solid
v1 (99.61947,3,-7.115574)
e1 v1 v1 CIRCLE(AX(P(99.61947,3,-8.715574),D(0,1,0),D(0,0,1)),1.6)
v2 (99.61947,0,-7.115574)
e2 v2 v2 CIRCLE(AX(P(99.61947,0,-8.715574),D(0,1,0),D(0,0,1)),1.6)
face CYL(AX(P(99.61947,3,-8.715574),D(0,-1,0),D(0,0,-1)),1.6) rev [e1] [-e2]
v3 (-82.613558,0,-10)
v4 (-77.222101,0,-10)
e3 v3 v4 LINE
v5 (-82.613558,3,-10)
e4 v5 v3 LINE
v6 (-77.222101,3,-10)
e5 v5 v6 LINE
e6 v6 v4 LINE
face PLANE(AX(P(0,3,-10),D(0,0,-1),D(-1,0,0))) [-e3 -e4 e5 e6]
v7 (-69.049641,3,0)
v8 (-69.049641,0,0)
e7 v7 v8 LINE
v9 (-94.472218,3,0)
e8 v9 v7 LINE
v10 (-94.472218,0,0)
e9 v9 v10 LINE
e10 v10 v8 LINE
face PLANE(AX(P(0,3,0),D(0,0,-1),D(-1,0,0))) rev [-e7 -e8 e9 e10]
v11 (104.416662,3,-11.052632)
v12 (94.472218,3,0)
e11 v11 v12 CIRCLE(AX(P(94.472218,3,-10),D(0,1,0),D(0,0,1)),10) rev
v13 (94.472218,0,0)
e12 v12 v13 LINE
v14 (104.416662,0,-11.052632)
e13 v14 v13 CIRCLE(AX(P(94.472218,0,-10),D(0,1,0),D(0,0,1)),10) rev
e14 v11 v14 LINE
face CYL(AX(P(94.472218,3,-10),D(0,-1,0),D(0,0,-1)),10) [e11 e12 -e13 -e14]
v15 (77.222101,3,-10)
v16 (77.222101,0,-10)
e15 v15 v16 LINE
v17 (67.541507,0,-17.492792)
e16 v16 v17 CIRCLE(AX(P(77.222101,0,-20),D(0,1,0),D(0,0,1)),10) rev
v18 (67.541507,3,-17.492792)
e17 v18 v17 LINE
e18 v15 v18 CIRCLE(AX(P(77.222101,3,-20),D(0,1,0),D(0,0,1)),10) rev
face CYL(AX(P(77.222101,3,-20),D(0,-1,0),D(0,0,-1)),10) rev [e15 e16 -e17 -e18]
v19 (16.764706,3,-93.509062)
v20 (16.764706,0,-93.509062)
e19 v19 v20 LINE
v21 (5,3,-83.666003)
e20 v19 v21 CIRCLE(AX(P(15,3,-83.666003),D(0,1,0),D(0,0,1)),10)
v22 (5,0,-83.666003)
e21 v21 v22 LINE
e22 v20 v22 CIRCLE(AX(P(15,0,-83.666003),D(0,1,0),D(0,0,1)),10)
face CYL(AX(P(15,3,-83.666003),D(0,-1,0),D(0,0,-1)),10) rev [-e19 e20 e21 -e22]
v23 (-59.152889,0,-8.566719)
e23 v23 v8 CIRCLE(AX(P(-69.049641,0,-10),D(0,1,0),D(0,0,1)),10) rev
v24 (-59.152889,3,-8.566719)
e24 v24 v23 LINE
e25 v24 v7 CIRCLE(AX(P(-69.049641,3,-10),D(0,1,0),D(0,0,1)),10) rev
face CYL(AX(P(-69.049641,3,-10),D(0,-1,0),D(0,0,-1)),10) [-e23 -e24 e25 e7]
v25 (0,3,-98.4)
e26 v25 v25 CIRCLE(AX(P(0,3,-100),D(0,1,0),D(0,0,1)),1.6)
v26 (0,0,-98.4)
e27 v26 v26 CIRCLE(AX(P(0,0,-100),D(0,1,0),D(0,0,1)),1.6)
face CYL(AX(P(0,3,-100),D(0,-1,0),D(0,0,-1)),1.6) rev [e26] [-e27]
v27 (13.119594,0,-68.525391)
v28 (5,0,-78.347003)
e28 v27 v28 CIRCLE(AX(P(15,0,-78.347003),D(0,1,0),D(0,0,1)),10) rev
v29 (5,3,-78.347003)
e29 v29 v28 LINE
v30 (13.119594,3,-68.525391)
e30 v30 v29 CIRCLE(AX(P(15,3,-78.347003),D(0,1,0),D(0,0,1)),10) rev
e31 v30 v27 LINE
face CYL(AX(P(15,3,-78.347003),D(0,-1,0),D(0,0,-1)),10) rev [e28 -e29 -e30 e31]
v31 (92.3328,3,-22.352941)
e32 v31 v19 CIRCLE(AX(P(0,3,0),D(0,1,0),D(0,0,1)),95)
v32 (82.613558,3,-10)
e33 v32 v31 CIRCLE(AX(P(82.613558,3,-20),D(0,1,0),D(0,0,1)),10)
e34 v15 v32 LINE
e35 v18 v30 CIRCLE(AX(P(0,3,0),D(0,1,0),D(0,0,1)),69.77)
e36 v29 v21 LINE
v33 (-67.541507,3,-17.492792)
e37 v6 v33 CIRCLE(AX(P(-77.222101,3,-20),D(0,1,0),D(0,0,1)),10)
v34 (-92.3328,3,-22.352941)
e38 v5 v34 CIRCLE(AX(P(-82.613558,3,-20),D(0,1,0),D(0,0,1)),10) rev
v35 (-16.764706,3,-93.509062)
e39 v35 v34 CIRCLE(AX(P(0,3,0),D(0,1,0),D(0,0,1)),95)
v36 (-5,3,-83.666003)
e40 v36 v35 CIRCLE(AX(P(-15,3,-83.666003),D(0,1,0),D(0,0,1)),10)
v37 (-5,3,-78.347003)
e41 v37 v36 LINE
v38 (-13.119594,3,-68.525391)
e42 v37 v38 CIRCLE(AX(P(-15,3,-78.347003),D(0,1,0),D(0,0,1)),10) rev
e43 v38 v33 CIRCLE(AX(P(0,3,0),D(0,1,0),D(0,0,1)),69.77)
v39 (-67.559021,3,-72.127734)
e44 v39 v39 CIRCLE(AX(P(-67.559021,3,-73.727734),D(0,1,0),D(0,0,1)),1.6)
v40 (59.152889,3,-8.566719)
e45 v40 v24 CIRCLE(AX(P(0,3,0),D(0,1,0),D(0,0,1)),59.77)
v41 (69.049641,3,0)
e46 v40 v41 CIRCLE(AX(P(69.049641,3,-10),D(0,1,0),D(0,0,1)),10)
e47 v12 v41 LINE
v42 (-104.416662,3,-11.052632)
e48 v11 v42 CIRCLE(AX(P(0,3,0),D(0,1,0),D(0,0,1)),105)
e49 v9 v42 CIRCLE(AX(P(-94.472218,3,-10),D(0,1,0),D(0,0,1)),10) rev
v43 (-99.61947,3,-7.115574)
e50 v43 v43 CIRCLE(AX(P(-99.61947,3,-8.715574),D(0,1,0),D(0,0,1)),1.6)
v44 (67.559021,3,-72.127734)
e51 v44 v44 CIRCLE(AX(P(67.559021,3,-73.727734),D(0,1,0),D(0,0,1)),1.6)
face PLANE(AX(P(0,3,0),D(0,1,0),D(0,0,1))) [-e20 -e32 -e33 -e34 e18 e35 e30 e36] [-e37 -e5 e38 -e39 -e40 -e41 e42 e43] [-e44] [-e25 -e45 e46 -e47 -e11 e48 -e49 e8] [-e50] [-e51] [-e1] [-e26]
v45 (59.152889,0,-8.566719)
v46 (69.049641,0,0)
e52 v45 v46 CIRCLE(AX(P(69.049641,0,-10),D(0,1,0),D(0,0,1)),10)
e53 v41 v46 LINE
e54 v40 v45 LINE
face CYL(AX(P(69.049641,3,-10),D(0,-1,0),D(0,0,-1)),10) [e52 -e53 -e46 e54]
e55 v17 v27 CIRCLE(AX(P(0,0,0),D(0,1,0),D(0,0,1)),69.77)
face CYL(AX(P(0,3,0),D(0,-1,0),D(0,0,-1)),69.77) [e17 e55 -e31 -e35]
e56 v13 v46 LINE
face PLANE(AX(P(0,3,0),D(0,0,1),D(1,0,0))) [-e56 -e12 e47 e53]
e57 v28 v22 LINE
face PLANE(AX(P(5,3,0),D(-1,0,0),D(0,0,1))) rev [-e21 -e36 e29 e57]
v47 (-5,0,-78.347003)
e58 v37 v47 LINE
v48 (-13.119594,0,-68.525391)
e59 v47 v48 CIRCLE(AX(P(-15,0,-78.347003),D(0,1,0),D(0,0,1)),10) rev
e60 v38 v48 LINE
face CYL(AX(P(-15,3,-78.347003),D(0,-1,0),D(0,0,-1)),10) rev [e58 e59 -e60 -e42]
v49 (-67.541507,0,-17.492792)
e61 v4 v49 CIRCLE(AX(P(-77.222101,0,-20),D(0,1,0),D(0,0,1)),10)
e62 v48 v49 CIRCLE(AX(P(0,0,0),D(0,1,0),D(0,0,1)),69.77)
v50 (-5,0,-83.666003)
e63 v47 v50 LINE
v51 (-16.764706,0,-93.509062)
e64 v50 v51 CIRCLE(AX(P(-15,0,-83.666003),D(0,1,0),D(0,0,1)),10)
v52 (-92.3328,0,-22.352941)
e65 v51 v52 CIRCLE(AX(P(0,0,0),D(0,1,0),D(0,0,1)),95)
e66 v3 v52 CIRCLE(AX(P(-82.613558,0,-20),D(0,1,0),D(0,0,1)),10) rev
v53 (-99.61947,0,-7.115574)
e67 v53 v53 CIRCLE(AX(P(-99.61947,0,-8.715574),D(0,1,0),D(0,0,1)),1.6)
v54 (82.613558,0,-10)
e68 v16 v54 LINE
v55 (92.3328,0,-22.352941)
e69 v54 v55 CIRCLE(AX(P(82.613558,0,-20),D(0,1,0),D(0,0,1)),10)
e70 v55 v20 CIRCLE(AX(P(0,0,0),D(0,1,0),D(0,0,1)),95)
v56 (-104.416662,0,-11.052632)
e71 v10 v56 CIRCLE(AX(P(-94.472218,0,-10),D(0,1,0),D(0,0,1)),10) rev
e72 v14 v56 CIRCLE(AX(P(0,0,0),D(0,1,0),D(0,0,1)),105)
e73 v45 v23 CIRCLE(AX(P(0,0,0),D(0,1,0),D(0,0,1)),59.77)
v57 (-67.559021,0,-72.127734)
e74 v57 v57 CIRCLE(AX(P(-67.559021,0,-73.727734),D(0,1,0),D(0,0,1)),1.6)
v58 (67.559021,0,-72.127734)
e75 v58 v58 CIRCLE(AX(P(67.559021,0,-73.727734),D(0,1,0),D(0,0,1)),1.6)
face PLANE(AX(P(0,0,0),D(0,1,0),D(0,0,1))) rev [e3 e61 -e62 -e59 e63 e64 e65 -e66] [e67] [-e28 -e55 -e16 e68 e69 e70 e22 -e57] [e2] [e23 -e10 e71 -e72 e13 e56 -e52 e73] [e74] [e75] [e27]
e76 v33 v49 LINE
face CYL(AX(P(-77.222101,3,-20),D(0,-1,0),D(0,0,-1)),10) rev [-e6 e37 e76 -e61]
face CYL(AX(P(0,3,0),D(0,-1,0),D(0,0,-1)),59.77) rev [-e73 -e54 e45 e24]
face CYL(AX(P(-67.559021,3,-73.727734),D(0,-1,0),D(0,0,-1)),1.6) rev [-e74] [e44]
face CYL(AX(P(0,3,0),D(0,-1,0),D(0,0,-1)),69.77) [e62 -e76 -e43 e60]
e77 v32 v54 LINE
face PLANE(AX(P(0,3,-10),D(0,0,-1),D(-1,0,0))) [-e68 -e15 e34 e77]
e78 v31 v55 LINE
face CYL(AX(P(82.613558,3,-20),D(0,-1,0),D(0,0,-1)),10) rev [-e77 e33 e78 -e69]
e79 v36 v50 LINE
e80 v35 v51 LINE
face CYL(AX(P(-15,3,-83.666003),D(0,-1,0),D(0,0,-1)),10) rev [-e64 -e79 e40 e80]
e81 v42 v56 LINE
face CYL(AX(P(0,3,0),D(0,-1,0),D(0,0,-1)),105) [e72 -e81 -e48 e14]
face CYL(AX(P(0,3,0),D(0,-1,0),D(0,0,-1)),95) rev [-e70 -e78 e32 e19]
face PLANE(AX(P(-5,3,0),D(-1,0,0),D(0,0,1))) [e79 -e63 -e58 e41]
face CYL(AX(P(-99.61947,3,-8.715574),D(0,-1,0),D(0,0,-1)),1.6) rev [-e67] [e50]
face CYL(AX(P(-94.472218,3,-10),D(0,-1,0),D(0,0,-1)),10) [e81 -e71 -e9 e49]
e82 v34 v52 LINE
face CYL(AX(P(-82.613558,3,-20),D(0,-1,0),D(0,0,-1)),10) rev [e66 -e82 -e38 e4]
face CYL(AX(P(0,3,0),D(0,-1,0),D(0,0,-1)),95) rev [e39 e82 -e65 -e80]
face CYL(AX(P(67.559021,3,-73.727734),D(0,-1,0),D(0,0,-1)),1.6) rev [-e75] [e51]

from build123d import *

# Parameters (mm, degrees)
SKETCH_2_R      = 1.6
EXTRUDE_1_DEPTH = 3


with BuildPart() as part:
    # 草图2 → 凸台-拉伸1 (new body)
    with BuildSketch(Plane(origin=(0, 0, 0), x_dir=(1, 0, 0), z_dir=(0, 1, 0))):
        with BuildLine():
            Line((-94.472218138, 0), (-69.049640839, 0))
            ThreePointArc((-69.049640839, 0), (-62.504902792, 2.439153229), (-59.152888533, 8.56671922))
            ThreePointArc((-59.152888533, 8.56671922), (0, 59.77), (59.152888533, 8.56671922))
            ThreePointArc((59.152888533, 8.56671922), (62.504902792, 2.439153229), (69.049640839, 0))
            Line((69.049640839, 0), (94.472218138, 0))
            ThreePointArc((94.472218138, 0), (101.906137555, 3.311439459), (104.416662153, 11.052631579))
            ThreePointArc((104.416662153, 11.052631579), (0, 105), (-104.416662153, 11.052631579))
            ThreePointArc((-104.416662153, 11.052631579), (-101.906137555, 3.311439459), (-94.472218138, 0))
        make_face()
        with Locations(Location((0, 100, 0), (0, 0, 270))):
            Circle(SKETCH_2_R, mode=Mode.SUBTRACT)
        with Locations(Location((67.559020762, 73.727733681, 0), (0, 0, 270))):
            Circle(SKETCH_2_R, mode=Mode.SUBTRACT)
        with Locations(Location((99.619469809, 8.715574275, 0), (0, 0, 270))):
            Circle(SKETCH_2_R, mode=Mode.SUBTRACT)
        with Locations(Location((-67.559020762, 73.727733681, 0), (0, 0, 270))):
            Circle(SKETCH_2_R, mode=Mode.SUBTRACT)
        with Locations(Location((-99.619469809, 8.715574275, 0), (0, 0, 270))):
            Circle(SKETCH_2_R, mode=Mode.SUBTRACT)
        with BuildLine():
            Line((-82.613558209, 10), (-77.222101111, 10))
            ThreePointArc((-77.222101111, 10), (-71.101320206, 12.092026738), (-67.541506763, 17.492791776))
            ThreePointArc((-67.541506763, 17.492791776), (-47.72457253, 50.894185099), (-13.119593832, 68.525390606))
            ThreePointArc((-13.119593832, 68.525390606), (-7.292728703, 71.975349568), (-5, 78.347003133))
            Line((-5, 78.347003133), (-5, 83.666002653))
            ThreePointArc((-5, 83.666002653), (-8.583110521, 91.335652542), (-16.764705882, 93.509061789))
            ThreePointArc((-16.764705882, 93.509061789), (-65.125761737, 69.163828395), (-92.332800352, 22.352941176))
            ThreePointArc((-92.332800352, 22.352941176), (-90.472610689, 13.816530576), (-82.613558209, 10))
        make_face(mode=Mode.SUBTRACT)
        with BuildLine():
            Line((77.222101111, 10), (82.613558209, 10))
            ThreePointArc((82.613558209, 10), (90.472610689, 13.816530576), (92.332800352, 22.352941176))
            ThreePointArc((92.332800352, 22.352941176), (65.125761737, 69.163828395), (16.764705882, 93.509061789))
            ThreePointArc((16.764705882, 93.509061789), (8.583110521, 91.335652542), (5, 83.666002653))
            Line((5, 83.666002653), (5, 78.347003133))
            ThreePointArc((5, 78.347003133), (7.292728703, 71.975349568), (13.119593832, 68.525390606))
            ThreePointArc((13.119593832, 68.525390606), (47.72457253, 50.894185099), (67.541506763, 17.492791776))
            ThreePointArc((67.541506763, 17.492791776), (71.101320206, 12.092026738), (77.222101111, 10))
        make_face(mode=Mode.SUBTRACT)
    extrude(amount=EXTRUDE_1_DEPTH)


solid = part.part
